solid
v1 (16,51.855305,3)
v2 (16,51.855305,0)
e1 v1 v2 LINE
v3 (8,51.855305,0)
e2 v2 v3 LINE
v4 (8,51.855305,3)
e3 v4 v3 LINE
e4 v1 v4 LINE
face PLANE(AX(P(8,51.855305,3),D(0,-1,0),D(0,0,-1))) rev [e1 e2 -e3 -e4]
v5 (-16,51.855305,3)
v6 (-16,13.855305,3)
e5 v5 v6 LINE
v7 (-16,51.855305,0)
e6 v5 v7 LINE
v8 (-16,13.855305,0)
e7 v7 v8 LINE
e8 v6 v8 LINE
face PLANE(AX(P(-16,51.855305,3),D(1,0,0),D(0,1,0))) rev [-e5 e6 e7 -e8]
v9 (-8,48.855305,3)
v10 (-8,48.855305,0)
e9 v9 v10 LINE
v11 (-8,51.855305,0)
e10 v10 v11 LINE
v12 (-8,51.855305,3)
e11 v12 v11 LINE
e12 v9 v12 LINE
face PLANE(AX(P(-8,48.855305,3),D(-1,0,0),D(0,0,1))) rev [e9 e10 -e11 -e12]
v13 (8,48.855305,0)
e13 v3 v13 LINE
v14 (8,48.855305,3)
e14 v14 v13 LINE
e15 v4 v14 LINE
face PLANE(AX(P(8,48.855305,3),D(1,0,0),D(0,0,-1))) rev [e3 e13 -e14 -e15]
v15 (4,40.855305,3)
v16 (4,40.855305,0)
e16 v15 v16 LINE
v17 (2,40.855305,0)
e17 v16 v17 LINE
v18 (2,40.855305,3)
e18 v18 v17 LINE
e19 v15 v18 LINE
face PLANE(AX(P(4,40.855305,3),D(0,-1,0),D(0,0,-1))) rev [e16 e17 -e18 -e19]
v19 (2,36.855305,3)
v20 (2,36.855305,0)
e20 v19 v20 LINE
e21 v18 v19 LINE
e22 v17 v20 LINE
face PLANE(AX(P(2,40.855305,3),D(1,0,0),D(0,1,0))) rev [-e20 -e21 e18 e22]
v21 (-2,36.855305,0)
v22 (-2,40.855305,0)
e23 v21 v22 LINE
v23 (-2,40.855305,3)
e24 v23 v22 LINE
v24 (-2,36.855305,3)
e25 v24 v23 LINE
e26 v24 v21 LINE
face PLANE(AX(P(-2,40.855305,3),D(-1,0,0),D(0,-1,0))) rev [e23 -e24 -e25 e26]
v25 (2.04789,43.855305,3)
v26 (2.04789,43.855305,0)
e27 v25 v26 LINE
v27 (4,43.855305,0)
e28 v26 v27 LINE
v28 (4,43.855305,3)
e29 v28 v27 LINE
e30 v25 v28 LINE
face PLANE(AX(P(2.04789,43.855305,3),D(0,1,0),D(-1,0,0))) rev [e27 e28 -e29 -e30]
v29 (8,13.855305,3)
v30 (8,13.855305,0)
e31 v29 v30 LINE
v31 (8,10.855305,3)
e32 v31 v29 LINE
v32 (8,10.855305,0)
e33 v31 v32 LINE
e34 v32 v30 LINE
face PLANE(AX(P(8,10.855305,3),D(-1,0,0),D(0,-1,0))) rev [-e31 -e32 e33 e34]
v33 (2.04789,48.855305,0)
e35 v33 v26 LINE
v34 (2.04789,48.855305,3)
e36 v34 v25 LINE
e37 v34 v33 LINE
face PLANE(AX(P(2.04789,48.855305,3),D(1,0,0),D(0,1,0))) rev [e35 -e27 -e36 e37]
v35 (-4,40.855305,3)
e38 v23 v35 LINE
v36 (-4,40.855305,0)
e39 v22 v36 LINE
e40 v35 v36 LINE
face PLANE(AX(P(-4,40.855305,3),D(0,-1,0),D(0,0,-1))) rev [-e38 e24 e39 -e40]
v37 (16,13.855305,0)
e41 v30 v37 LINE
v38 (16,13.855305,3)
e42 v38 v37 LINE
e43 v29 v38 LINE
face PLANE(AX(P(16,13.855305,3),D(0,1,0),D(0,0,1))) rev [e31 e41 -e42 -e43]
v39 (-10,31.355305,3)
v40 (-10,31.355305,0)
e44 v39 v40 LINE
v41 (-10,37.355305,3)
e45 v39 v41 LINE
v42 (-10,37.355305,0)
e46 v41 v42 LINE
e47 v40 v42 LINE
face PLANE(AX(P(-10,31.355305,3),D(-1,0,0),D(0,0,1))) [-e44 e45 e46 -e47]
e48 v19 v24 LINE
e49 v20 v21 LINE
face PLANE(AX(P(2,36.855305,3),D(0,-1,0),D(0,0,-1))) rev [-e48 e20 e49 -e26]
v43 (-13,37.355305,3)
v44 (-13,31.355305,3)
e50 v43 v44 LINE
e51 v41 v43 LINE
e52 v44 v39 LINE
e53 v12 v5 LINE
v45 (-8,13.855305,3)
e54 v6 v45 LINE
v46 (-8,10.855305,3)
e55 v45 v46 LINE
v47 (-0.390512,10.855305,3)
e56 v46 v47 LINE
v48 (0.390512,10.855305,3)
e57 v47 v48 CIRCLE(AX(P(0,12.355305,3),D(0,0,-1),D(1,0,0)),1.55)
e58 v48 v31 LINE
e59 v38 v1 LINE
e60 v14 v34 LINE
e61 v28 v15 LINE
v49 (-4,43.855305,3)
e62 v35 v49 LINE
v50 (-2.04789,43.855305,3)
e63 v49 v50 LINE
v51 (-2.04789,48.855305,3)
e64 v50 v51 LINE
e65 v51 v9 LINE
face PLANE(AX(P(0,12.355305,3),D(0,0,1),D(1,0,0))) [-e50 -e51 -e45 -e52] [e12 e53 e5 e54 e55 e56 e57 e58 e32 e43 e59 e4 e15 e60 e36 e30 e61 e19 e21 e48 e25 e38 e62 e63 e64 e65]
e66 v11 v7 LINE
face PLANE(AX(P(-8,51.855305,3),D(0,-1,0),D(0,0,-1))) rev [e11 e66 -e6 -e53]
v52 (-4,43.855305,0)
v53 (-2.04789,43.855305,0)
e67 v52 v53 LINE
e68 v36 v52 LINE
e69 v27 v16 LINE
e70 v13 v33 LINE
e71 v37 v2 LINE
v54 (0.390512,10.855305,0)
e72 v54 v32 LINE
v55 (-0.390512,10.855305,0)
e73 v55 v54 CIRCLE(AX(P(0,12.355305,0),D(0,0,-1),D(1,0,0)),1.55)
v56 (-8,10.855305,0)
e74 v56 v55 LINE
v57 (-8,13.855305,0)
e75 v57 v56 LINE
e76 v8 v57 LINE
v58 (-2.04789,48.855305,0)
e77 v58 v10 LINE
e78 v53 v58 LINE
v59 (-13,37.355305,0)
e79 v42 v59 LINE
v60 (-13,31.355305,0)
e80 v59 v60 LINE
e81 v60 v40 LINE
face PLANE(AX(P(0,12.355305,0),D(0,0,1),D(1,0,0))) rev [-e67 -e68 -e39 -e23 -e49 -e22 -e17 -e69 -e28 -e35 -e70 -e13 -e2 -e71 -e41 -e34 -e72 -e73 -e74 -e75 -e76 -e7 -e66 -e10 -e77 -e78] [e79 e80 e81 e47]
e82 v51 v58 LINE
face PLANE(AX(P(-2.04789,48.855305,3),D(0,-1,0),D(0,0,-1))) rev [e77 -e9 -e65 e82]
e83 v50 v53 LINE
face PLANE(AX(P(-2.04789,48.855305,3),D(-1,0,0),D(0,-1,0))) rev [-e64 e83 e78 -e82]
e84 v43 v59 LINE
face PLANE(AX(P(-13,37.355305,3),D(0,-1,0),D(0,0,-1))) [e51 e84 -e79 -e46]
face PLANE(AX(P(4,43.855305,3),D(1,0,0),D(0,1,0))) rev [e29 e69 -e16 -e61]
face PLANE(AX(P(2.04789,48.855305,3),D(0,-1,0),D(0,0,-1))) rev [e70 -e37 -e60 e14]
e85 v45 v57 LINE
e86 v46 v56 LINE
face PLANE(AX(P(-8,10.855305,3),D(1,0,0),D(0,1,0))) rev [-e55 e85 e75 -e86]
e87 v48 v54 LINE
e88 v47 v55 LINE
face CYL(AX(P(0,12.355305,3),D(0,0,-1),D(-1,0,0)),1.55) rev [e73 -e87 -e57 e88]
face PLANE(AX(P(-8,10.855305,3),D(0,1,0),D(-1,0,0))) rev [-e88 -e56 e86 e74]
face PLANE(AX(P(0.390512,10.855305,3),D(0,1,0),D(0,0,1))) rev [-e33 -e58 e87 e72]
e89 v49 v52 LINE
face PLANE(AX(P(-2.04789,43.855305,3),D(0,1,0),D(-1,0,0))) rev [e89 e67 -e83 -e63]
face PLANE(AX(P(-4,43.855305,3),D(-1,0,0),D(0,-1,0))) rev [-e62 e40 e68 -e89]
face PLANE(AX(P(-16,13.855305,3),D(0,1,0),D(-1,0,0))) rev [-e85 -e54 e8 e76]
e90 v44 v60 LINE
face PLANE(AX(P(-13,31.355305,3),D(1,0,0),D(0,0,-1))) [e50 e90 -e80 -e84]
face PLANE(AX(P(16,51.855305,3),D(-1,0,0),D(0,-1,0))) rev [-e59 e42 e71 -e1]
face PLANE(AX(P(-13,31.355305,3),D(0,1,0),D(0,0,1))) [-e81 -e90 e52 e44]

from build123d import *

# Parameters (mm, degrees)
SKETCH_2_W      = 3
SKETCH_2_H      = 6
EXTRUDE_1_DEPTH = 3


with BuildPart() as part:
    # 草图2 → 凸台-拉伸1 (new body)
    with BuildSketch(Plane.XY):
        with BuildLine():
            Line((2.047890023, 48.855305477), (8, 48.855305477))
            Line((8, 48.855305477), (8, 51.855305477))
            Line((8, 51.855305477), (16, 51.855305477))
            Line((16, 51.855305477), (16, 13.855305477))
            Line((16, 13.855305477), (8, 13.855305477))
            Line((8, 13.855305477), (8, 10.855305477))
            Line((8, 10.855305477), (0.390512484, 10.855305477))
            ThreePointArc((0.390512484, 10.855305477), (0, 13.905305477), (-0.390512484, 10.855305477))
            Line((-0.390512484, 10.855305477), (-8, 10.855305477))
            Line((-8, 10.855305477), (-8, 13.855305477))
            Line((-8, 13.855305477), (-16, 13.855305477))
            Line((-16, 13.855305477), (-16, 51.855305477))
            Line((-16, 51.855305477), (-8, 51.855305477))
            Line((-8, 51.855305477), (-8, 48.855305477))
            Line((-8, 48.855305477), (-2.047890023, 48.855305477))
            Line((-2.047890023, 48.855305477), (-2.047890023, 43.855305477))
            Line((-2.047890023, 43.855305477), (-4, 43.855305477))
            Line((-4, 43.855305477), (-4, 40.855305477))
            Line((-4, 40.855305477), (-2, 40.855305477))
            Line((-2, 40.855305477), (-2, 36.855305477))
            Line((-2, 36.855305477), (2, 36.855305477))
            Line((2, 36.855305477), (2, 40.855305477))
            Line((2, 40.855305477), (4, 40.855305477))
            Line((4, 40.855305477), (4, 43.855305477))
            Line((4, 43.855305477), (2.047890023, 43.855305477))
            Line((2.047890023, 43.855305477), (2.047890023, 48.855305477))
        make_face()
        with Locations((-11.5, 34.355305477)):
            Rectangle(SKETCH_2_W, SKETCH_2_H, mode=Mode.SUBTRACT)
    extrude(amount=EXTRUDE_1_DEPTH)


solid = part.part
